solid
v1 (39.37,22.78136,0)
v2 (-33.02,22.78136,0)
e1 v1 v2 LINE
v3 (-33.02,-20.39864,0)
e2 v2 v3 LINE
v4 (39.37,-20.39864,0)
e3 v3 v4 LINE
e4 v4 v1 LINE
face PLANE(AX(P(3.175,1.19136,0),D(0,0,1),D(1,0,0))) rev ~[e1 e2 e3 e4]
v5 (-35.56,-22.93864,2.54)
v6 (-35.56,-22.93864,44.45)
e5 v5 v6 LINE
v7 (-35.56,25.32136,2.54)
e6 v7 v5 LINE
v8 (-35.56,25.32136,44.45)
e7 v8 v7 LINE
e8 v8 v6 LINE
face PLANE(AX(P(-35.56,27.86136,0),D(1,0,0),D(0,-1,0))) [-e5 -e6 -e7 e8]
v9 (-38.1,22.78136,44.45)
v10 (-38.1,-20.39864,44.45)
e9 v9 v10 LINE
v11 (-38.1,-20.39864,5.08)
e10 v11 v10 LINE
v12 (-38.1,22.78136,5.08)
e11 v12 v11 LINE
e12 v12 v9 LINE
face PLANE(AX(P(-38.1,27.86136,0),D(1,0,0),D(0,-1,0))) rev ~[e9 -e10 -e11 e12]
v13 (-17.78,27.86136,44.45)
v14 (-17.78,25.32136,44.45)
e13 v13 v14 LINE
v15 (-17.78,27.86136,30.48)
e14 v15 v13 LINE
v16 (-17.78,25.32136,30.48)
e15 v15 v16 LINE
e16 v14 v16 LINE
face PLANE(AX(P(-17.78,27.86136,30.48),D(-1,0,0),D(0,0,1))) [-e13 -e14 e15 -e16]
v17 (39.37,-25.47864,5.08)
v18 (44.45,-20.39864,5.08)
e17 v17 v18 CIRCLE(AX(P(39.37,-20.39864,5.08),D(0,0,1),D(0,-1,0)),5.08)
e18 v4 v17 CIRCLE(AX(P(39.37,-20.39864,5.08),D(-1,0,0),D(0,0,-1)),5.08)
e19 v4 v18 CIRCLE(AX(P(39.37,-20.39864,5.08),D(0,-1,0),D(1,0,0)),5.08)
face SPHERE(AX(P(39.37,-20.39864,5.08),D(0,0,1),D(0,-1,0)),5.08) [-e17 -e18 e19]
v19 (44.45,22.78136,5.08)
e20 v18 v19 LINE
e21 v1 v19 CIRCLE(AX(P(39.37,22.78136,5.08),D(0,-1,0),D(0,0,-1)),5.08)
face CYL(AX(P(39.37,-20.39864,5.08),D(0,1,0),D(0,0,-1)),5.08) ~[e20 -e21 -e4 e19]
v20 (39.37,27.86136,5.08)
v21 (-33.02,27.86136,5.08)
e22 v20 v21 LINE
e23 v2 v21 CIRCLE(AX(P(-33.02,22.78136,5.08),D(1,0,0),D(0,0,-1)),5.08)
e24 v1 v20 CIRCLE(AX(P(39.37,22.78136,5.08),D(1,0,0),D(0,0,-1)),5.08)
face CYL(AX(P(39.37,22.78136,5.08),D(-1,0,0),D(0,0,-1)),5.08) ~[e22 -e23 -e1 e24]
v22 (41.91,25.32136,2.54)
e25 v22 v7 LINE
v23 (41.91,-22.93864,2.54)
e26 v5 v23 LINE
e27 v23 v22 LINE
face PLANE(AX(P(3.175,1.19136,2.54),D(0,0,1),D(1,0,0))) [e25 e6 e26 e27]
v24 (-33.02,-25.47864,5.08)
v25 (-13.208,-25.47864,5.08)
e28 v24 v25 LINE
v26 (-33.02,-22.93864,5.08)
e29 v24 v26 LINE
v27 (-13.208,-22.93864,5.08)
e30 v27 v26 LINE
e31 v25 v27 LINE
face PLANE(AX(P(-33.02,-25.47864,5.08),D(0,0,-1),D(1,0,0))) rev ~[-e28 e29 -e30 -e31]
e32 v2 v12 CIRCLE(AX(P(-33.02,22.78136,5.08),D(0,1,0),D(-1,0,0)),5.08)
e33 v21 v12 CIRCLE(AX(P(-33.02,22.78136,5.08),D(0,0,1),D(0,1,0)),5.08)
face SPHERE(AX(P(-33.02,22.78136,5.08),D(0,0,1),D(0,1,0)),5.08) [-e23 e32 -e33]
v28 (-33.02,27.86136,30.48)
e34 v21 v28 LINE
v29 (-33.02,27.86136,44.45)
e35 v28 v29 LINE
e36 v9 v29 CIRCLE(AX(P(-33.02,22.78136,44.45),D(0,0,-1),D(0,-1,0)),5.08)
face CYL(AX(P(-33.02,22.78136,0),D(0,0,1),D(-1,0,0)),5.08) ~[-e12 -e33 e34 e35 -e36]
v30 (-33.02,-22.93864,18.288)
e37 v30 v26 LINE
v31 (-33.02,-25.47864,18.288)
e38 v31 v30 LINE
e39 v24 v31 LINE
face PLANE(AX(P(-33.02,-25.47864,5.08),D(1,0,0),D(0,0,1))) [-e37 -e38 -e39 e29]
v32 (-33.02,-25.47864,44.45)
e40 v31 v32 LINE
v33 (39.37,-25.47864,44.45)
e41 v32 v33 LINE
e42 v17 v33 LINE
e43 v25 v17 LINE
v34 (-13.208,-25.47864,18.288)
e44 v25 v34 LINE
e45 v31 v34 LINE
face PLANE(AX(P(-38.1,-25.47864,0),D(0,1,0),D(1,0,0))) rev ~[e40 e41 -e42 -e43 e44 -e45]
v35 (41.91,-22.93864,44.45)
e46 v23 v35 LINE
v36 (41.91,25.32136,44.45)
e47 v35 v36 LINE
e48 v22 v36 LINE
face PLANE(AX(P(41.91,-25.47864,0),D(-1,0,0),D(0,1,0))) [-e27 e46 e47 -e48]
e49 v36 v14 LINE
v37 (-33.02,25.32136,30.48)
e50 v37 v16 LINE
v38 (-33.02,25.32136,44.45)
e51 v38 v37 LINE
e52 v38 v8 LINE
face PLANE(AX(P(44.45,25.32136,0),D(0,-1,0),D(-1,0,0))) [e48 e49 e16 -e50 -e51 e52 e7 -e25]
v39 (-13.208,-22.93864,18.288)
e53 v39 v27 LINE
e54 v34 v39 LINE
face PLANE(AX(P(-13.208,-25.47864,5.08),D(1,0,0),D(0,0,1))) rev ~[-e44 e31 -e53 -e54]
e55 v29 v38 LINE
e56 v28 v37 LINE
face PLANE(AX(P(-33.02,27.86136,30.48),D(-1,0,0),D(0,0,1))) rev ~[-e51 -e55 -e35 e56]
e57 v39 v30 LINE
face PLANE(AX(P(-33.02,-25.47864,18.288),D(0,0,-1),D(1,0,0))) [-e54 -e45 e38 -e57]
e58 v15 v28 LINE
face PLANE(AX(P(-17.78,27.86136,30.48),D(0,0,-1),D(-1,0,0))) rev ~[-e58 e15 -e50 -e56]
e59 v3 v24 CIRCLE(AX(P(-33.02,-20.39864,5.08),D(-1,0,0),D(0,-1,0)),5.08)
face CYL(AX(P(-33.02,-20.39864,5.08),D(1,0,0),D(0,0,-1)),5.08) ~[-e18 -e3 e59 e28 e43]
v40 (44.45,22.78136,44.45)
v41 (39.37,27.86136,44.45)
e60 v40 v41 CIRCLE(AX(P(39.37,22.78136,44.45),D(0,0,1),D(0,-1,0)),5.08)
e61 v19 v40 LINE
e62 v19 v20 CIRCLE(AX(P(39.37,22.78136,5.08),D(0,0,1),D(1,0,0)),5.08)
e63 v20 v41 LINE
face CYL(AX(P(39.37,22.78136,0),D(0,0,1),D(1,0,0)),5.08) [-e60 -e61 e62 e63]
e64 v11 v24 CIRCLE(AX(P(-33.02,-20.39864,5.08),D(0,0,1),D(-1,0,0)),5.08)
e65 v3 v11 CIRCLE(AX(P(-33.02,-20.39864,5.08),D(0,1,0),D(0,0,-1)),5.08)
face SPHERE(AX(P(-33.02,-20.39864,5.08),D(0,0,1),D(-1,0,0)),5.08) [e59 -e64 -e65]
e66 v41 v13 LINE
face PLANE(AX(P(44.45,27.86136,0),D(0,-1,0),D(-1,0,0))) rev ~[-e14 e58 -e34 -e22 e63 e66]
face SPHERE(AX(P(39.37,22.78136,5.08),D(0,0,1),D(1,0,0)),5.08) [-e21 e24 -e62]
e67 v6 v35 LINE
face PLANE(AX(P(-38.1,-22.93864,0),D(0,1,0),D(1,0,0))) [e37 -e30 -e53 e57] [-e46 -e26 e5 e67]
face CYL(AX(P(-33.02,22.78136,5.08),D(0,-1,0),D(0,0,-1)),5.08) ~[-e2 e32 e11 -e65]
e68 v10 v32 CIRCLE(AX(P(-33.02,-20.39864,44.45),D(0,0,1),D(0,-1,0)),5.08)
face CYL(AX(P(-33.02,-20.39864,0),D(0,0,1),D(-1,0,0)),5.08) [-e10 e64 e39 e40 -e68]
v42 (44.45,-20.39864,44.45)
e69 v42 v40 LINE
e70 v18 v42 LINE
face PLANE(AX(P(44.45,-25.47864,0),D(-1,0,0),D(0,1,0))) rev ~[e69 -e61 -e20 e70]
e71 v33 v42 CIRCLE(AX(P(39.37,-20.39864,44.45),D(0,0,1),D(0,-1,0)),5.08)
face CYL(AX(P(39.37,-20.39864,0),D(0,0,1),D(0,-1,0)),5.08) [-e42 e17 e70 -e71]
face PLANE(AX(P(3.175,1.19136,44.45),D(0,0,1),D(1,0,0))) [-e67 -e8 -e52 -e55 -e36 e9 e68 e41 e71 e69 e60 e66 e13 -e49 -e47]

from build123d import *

# Parameters (mm, degrees)
F1_DEPTH = 44.45
F2_T     = -2.54
F3_R     = 5.08
F4_R     = 5.08
F5_W     = 19.812
F5_H     = 13.208
F6_DEPTH = 5.588
F7_W     = 15.24
F7_H     = 15.325371
F8_DEPTH = 6.604


with BuildPart() as f1:
    # F0 (on Top) → F1 (new body)
    with BuildSketch(Plane.XY):
        Polygon((-38.1, 27.86136), (-38.1, 1.19136), (-38.1, -25.47864), (44.45, -25.47864), (44.45, 1.19136), (44.45, 27.86136), align=None)
    extrude(amount=F1_DEPTH)

    # F2
    f2_openings = [f1.faces().sort_by_distance(p)[0] for p in [
        (3.175, 1.19136, 44.45),
    ]]
    offset(amount=F2_T, openings=f2_openings)

    # F3
    f3_edges = [f1.edges().sort_by_distance(p)[0] for p in [
        (-38.1, 27.86136, 22.225),
        (-38.1, -25.47864, 22.225),
        (44.45, -25.47864, 22.225),
        (44.45, 27.86136, 22.225),
    ]]
    fillet(f3_edges, radius=F3_R)

    # F4
    f4_edges = [f1.edges().sort_by_distance(p)[0] for p in [
        (3.175, 27.86136, 0),
        (42.962102, 26.373463, 0),
        (-36.612102, 26.373463, 0),
        (44.45, 1.19136, 0),
        (-38.1, 1.19136, 0),
        (42.962102, -23.990742, 0),
        (-36.612102, -23.990742, 0),
        (3.175, -25.47864, 0),
    ]]
    fillet(f4_edges, radius=F4_R)

    # F5 (on face) → F6 (cut)
    with BuildSketch(Plane.XZ.offset(25.47864)):
        with Locations((-23.114, 11.684)):
            Rectangle(F5_W, F5_H)
    extrude(amount=-F6_DEPTH, mode=Mode.SUBTRACT)

    # F7 (on face) → F8 (cut)
    with BuildSketch(Plane(origin=(0, 27.86136, 0), x_dir=(-1, 0, 0), z_dir=(0, 1, 0))):
        with Locations((25.4, 38.142685)):
            Rectangle(F7_W, F7_H)
    extrude(amount=-F8_DEPTH, mode=Mode.SUBTRACT)


solid = f1.part
